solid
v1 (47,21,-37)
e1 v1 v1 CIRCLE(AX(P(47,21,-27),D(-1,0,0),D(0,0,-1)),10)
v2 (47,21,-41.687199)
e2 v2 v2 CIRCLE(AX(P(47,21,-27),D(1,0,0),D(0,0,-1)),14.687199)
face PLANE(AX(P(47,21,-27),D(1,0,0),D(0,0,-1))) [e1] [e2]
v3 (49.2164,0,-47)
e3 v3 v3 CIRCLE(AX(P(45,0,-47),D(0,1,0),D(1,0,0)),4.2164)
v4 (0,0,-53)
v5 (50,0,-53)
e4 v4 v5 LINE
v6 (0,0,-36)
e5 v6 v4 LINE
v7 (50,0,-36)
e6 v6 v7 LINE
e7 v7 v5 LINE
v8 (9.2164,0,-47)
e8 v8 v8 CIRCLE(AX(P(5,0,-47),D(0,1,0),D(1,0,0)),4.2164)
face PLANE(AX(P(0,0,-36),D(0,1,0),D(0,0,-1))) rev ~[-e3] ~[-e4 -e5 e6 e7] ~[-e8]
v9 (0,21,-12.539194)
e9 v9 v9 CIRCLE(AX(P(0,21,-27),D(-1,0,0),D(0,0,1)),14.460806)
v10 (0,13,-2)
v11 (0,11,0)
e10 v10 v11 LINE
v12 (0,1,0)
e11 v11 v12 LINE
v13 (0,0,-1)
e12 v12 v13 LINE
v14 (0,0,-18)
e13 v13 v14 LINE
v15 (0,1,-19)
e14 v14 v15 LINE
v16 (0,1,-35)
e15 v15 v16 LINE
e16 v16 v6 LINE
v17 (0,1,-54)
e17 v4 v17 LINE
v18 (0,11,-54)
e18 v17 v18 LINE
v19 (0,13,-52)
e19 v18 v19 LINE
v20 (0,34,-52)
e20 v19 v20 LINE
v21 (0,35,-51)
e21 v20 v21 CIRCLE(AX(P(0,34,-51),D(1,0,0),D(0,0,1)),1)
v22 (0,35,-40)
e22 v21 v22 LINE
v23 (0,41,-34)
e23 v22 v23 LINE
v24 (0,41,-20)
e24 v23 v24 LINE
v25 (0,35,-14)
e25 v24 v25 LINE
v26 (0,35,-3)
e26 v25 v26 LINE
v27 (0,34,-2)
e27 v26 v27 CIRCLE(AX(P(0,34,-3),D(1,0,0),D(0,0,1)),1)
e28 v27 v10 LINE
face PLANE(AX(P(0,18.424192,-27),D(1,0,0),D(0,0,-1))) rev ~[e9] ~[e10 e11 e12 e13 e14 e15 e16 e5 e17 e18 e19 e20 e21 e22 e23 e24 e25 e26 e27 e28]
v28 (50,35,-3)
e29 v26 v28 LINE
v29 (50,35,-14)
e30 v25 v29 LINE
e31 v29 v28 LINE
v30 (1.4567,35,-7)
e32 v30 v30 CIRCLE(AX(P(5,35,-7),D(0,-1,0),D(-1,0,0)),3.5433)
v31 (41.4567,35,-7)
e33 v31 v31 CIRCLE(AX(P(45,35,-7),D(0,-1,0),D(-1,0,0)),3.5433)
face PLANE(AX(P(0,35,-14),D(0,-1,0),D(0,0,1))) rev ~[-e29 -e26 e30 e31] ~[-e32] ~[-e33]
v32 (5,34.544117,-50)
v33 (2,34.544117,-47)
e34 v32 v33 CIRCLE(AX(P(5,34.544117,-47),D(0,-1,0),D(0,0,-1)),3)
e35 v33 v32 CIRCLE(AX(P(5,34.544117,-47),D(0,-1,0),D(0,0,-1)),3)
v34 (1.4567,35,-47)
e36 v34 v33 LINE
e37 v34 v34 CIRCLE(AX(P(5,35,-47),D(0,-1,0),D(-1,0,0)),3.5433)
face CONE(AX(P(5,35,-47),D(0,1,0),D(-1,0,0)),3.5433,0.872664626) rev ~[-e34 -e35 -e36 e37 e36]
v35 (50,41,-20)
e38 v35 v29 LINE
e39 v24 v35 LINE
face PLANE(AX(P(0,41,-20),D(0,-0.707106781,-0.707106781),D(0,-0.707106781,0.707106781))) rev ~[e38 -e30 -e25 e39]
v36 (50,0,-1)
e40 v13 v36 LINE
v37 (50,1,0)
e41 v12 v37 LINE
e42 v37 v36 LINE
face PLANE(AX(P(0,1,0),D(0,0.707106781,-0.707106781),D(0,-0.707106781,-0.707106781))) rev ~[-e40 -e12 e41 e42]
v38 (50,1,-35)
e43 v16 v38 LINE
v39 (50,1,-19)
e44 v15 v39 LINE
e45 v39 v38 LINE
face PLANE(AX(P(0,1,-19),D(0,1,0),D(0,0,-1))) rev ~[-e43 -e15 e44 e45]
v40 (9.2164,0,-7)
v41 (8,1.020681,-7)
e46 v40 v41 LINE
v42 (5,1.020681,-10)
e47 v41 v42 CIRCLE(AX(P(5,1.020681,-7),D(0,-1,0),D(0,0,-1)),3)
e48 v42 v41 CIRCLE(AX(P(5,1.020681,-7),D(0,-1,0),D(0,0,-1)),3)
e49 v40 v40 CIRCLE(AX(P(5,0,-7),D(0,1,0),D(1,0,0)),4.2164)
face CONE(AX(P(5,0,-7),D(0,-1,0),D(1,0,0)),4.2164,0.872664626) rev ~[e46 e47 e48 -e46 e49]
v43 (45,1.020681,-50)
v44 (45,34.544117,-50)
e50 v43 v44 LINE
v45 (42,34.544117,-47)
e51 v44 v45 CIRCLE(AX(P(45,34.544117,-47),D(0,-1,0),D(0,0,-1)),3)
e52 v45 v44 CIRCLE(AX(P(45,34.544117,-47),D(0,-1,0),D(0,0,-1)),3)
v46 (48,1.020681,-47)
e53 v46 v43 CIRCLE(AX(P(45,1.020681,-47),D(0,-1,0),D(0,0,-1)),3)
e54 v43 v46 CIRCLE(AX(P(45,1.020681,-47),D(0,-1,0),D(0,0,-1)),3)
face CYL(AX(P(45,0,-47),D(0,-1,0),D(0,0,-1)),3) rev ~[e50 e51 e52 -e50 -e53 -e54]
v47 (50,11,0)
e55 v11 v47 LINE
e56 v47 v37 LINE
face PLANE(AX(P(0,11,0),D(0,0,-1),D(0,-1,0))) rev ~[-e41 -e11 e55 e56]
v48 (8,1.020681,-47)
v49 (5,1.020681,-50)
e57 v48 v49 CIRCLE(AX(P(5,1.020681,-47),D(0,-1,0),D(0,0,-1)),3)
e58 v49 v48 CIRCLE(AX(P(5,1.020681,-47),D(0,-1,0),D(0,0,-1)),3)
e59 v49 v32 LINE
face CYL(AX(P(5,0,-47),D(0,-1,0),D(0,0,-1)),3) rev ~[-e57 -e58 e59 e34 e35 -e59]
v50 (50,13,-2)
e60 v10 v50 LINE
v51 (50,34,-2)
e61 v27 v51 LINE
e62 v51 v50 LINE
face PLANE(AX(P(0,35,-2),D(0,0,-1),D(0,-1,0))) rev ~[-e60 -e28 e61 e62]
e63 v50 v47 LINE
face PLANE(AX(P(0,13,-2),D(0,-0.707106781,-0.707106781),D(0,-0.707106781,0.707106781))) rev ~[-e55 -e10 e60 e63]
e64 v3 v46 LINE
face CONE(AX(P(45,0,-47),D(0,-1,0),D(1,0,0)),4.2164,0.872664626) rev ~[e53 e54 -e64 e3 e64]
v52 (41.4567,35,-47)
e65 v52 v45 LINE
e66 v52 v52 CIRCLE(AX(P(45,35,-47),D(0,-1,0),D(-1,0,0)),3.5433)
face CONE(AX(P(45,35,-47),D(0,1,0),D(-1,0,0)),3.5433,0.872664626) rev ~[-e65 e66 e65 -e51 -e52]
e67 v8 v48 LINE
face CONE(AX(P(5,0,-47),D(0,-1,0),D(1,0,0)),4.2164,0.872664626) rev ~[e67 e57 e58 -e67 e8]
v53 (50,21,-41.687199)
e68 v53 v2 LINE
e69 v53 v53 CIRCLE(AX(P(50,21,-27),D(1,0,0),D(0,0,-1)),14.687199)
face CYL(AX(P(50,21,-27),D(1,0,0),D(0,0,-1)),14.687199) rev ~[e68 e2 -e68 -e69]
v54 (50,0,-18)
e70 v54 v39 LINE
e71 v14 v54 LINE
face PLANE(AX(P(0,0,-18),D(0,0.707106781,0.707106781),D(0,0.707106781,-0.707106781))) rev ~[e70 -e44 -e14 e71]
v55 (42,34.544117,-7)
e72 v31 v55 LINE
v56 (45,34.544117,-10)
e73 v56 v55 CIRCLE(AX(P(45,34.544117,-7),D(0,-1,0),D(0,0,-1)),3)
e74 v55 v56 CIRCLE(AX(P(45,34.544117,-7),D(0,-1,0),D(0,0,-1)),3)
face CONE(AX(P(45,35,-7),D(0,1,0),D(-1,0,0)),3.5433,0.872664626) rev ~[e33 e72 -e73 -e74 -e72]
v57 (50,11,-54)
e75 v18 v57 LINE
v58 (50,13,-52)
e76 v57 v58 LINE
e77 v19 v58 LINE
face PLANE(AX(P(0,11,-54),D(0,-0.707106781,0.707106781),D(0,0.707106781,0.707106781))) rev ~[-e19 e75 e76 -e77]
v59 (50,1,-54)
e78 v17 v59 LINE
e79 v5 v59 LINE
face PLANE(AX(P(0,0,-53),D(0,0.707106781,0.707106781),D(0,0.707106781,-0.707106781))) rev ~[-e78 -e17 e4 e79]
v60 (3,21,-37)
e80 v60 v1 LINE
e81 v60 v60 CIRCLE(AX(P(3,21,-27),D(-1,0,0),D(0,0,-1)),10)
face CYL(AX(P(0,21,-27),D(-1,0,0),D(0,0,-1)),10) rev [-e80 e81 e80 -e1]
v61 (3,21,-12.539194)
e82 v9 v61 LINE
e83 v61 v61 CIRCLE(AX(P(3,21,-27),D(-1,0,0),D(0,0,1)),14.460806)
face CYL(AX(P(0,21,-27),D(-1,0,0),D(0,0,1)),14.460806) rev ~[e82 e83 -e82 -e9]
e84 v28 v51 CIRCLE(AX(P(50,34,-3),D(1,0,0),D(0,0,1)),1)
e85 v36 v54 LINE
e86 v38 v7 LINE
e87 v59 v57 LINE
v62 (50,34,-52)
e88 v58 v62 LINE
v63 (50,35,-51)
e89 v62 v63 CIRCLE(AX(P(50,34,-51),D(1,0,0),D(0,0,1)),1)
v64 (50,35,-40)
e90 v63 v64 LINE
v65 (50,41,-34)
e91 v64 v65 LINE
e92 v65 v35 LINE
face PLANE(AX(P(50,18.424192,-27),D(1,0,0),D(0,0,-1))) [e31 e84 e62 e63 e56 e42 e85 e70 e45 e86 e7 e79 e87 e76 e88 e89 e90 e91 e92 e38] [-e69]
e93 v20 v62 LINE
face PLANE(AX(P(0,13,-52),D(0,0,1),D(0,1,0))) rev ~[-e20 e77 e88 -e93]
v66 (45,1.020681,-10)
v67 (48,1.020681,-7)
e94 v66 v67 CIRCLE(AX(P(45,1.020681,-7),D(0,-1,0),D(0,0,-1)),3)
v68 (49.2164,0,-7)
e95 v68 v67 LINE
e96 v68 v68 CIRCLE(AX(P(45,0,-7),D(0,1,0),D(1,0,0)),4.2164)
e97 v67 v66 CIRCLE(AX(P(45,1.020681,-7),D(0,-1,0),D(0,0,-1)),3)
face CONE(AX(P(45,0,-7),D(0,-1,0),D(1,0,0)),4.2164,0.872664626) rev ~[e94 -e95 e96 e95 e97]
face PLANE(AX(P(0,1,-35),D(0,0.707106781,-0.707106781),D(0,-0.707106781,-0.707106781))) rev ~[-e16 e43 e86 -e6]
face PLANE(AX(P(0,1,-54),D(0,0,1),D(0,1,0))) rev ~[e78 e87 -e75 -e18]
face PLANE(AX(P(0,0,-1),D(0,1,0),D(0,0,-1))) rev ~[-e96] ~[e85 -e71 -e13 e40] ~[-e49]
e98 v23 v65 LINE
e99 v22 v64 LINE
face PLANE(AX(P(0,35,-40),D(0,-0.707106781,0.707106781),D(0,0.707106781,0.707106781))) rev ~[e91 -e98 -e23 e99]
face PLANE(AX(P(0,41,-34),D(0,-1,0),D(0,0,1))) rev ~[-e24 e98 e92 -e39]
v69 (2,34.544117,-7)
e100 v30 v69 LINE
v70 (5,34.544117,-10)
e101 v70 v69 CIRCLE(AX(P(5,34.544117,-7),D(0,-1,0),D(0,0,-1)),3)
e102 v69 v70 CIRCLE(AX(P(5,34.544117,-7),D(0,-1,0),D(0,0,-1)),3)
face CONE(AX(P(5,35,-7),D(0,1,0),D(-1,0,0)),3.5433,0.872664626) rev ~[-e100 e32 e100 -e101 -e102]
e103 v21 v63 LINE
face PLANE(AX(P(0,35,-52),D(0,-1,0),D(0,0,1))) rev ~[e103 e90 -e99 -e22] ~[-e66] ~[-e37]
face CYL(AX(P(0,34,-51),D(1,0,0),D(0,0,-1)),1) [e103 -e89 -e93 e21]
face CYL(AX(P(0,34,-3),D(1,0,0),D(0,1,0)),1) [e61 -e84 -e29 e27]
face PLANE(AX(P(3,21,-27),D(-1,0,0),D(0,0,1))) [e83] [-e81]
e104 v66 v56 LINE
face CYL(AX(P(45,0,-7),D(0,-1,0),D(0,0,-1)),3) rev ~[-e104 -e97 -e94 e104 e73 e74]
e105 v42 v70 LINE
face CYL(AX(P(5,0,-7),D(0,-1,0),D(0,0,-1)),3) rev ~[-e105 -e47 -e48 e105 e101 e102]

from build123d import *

# Parameters (mm, degrees)
SKETCH1_R                                         = 10
BOSS_EXTRUDE1_DEPTH                               = 50
FILLET1_R                                         = 1
SKETCH2_R                                         = 3
CUT_EXTRUDE1_DEPTH                                = 50
SKETCH3_R                                         = 3
CUT_EXTRUDE2_DEPTH                                = 85.243694126
CSK_FOR_8_FLAT_HEAD_MACHINE_SCREW_100_D           = 4.4958
CSK_FOR_8_FLAT_HEAD_MACHINE_SCREW_100_CSINK_D     = 8.4328
CSK_FOR_8_FLAT_HEAD_MACHINE_SCREW_100_CSINK_ANGLE = 100
CSK_FOR_6_FLAT_HEAD_MACHINE_SCREW_100_D           = 3.7973
CSK_FOR_6_FLAT_HEAD_MACHINE_SCREW_100_CSINK_D     = 7.0866
CSK_FOR_6_FLAT_HEAD_MACHINE_SCREW_100_CSINK_ANGLE = 100
SKETCH14_R                                        = 14.687199229
CUT_EXTRUDE3_DEPTH                                = 3
SKETCH15_R                                        = 14.460805981
CUT_EXTRUDE4_DEPTH                                = 3


with BuildPart() as part:
    # Sketch1 → Boss-Extrude1 (new body)
    with BuildSketch(Plane(origin=(0, 0, 0), x_dir=(0, 0, -1), z_dir=(1, 0, 0))):
        Polygon((53, 0), (54, 1), (54, 11), (52, 13), (52, 35), (40, 35), (34, 41), (20, 41), (14, 35), (2, 35), (2, 13), (0, 11), (0, 1), (1, 0), (18, 0), (19, 1), (35, 1), (36, 0), align=None)
        with Locations((27, 21)):
            Circle(SKETCH1_R, mode=Mode.SUBTRACT)
    extrude(amount=BOSS_EXTRUDE1_DEPTH)

    # Fillet1
    fillet1_edges = [part.edges().sort_by_distance(p)[0] for p in [
        (25, 35, -2),
        (25, 35, -52),
    ]]
    fillet(fillet1_edges, radius=FILLET1_R)

    # Sketch2 → Cut-Extrude1 (cut)
    with BuildSketch(Plane.XZ):
        with Locations(Location((5, -7, 0), (0, 0, 270))):
            Circle(SKETCH2_R)
        with Locations(Location((45, -7, 0), (0, 0, 270))):
            Circle(SKETCH2_R)
    extrude(amount=-CUT_EXTRUDE1_DEPTH, mode=Mode.SUBTRACT)

    # Sketch3 → Cut-Extrude2 (cut, through all)
    with BuildSketch(Plane.XZ):
        with Locations(Location((5, -47, 0), (0, 0, 270))):
            Circle(SKETCH3_R)
        with Locations(Location((45, -47, 0), (0, 0, 270))):
            Circle(SKETCH3_R)
    extrude(amount=-CUT_EXTRUDE2_DEPTH, mode=Mode.SUBTRACT)

    # CSK for #8 Flat Head Machine Screw (100)1 (through all)
    with Locations(Plane(origin=(0, 0, 0), x_dir=(-1, 0, 0), z_dir=(0, -1, 0))):
        with Locations((-45, 7), (-5, 7), (-5, 47), (-45, 47)):
            CounterSinkHole(CSK_FOR_8_FLAT_HEAD_MACHINE_SCREW_100_D / 2, CSK_FOR_8_FLAT_HEAD_MACHINE_SCREW_100_CSINK_D / 2, counter_sink_angle=CSK_FOR_8_FLAT_HEAD_MACHINE_SCREW_100_CSINK_ANGLE)

    # CSK for #6 Flat Head Machine Screw (100)1 (through all)
    with Locations(Plane(origin=(0, 35, 0), x_dir=(1, 0, 0), z_dir=(0, 1, 0))):
        with Locations((5, 47), (45, 47), (45, 7), (5, 7)):
            CounterSinkHole(CSK_FOR_6_FLAT_HEAD_MACHINE_SCREW_100_D / 2, CSK_FOR_6_FLAT_HEAD_MACHINE_SCREW_100_CSINK_D / 2, counter_sink_angle=CSK_FOR_6_FLAT_HEAD_MACHINE_SCREW_100_CSINK_ANGLE)

    # Sketch14 → Cut-Extrude3 (cut)
    with BuildSketch(Plane(origin=(50, 0, 0), x_dir=(0, 0, -1), z_dir=(1, 0, 0))):
        with Locations((27, 21)):
            Circle(SKETCH14_R)
    extrude(amount=-CUT_EXTRUDE3_DEPTH, mode=Mode.SUBTRACT)

    # Sketch15 → Cut-Extrude4 (cut)
    with BuildSketch(Plane.ZY):
        with Locations((-27, 21)):
            Circle(SKETCH15_R)
    extrude(amount=-CUT_EXTRUDE4_DEPTH, mode=Mode.SUBTRACT)


solid = part.part
